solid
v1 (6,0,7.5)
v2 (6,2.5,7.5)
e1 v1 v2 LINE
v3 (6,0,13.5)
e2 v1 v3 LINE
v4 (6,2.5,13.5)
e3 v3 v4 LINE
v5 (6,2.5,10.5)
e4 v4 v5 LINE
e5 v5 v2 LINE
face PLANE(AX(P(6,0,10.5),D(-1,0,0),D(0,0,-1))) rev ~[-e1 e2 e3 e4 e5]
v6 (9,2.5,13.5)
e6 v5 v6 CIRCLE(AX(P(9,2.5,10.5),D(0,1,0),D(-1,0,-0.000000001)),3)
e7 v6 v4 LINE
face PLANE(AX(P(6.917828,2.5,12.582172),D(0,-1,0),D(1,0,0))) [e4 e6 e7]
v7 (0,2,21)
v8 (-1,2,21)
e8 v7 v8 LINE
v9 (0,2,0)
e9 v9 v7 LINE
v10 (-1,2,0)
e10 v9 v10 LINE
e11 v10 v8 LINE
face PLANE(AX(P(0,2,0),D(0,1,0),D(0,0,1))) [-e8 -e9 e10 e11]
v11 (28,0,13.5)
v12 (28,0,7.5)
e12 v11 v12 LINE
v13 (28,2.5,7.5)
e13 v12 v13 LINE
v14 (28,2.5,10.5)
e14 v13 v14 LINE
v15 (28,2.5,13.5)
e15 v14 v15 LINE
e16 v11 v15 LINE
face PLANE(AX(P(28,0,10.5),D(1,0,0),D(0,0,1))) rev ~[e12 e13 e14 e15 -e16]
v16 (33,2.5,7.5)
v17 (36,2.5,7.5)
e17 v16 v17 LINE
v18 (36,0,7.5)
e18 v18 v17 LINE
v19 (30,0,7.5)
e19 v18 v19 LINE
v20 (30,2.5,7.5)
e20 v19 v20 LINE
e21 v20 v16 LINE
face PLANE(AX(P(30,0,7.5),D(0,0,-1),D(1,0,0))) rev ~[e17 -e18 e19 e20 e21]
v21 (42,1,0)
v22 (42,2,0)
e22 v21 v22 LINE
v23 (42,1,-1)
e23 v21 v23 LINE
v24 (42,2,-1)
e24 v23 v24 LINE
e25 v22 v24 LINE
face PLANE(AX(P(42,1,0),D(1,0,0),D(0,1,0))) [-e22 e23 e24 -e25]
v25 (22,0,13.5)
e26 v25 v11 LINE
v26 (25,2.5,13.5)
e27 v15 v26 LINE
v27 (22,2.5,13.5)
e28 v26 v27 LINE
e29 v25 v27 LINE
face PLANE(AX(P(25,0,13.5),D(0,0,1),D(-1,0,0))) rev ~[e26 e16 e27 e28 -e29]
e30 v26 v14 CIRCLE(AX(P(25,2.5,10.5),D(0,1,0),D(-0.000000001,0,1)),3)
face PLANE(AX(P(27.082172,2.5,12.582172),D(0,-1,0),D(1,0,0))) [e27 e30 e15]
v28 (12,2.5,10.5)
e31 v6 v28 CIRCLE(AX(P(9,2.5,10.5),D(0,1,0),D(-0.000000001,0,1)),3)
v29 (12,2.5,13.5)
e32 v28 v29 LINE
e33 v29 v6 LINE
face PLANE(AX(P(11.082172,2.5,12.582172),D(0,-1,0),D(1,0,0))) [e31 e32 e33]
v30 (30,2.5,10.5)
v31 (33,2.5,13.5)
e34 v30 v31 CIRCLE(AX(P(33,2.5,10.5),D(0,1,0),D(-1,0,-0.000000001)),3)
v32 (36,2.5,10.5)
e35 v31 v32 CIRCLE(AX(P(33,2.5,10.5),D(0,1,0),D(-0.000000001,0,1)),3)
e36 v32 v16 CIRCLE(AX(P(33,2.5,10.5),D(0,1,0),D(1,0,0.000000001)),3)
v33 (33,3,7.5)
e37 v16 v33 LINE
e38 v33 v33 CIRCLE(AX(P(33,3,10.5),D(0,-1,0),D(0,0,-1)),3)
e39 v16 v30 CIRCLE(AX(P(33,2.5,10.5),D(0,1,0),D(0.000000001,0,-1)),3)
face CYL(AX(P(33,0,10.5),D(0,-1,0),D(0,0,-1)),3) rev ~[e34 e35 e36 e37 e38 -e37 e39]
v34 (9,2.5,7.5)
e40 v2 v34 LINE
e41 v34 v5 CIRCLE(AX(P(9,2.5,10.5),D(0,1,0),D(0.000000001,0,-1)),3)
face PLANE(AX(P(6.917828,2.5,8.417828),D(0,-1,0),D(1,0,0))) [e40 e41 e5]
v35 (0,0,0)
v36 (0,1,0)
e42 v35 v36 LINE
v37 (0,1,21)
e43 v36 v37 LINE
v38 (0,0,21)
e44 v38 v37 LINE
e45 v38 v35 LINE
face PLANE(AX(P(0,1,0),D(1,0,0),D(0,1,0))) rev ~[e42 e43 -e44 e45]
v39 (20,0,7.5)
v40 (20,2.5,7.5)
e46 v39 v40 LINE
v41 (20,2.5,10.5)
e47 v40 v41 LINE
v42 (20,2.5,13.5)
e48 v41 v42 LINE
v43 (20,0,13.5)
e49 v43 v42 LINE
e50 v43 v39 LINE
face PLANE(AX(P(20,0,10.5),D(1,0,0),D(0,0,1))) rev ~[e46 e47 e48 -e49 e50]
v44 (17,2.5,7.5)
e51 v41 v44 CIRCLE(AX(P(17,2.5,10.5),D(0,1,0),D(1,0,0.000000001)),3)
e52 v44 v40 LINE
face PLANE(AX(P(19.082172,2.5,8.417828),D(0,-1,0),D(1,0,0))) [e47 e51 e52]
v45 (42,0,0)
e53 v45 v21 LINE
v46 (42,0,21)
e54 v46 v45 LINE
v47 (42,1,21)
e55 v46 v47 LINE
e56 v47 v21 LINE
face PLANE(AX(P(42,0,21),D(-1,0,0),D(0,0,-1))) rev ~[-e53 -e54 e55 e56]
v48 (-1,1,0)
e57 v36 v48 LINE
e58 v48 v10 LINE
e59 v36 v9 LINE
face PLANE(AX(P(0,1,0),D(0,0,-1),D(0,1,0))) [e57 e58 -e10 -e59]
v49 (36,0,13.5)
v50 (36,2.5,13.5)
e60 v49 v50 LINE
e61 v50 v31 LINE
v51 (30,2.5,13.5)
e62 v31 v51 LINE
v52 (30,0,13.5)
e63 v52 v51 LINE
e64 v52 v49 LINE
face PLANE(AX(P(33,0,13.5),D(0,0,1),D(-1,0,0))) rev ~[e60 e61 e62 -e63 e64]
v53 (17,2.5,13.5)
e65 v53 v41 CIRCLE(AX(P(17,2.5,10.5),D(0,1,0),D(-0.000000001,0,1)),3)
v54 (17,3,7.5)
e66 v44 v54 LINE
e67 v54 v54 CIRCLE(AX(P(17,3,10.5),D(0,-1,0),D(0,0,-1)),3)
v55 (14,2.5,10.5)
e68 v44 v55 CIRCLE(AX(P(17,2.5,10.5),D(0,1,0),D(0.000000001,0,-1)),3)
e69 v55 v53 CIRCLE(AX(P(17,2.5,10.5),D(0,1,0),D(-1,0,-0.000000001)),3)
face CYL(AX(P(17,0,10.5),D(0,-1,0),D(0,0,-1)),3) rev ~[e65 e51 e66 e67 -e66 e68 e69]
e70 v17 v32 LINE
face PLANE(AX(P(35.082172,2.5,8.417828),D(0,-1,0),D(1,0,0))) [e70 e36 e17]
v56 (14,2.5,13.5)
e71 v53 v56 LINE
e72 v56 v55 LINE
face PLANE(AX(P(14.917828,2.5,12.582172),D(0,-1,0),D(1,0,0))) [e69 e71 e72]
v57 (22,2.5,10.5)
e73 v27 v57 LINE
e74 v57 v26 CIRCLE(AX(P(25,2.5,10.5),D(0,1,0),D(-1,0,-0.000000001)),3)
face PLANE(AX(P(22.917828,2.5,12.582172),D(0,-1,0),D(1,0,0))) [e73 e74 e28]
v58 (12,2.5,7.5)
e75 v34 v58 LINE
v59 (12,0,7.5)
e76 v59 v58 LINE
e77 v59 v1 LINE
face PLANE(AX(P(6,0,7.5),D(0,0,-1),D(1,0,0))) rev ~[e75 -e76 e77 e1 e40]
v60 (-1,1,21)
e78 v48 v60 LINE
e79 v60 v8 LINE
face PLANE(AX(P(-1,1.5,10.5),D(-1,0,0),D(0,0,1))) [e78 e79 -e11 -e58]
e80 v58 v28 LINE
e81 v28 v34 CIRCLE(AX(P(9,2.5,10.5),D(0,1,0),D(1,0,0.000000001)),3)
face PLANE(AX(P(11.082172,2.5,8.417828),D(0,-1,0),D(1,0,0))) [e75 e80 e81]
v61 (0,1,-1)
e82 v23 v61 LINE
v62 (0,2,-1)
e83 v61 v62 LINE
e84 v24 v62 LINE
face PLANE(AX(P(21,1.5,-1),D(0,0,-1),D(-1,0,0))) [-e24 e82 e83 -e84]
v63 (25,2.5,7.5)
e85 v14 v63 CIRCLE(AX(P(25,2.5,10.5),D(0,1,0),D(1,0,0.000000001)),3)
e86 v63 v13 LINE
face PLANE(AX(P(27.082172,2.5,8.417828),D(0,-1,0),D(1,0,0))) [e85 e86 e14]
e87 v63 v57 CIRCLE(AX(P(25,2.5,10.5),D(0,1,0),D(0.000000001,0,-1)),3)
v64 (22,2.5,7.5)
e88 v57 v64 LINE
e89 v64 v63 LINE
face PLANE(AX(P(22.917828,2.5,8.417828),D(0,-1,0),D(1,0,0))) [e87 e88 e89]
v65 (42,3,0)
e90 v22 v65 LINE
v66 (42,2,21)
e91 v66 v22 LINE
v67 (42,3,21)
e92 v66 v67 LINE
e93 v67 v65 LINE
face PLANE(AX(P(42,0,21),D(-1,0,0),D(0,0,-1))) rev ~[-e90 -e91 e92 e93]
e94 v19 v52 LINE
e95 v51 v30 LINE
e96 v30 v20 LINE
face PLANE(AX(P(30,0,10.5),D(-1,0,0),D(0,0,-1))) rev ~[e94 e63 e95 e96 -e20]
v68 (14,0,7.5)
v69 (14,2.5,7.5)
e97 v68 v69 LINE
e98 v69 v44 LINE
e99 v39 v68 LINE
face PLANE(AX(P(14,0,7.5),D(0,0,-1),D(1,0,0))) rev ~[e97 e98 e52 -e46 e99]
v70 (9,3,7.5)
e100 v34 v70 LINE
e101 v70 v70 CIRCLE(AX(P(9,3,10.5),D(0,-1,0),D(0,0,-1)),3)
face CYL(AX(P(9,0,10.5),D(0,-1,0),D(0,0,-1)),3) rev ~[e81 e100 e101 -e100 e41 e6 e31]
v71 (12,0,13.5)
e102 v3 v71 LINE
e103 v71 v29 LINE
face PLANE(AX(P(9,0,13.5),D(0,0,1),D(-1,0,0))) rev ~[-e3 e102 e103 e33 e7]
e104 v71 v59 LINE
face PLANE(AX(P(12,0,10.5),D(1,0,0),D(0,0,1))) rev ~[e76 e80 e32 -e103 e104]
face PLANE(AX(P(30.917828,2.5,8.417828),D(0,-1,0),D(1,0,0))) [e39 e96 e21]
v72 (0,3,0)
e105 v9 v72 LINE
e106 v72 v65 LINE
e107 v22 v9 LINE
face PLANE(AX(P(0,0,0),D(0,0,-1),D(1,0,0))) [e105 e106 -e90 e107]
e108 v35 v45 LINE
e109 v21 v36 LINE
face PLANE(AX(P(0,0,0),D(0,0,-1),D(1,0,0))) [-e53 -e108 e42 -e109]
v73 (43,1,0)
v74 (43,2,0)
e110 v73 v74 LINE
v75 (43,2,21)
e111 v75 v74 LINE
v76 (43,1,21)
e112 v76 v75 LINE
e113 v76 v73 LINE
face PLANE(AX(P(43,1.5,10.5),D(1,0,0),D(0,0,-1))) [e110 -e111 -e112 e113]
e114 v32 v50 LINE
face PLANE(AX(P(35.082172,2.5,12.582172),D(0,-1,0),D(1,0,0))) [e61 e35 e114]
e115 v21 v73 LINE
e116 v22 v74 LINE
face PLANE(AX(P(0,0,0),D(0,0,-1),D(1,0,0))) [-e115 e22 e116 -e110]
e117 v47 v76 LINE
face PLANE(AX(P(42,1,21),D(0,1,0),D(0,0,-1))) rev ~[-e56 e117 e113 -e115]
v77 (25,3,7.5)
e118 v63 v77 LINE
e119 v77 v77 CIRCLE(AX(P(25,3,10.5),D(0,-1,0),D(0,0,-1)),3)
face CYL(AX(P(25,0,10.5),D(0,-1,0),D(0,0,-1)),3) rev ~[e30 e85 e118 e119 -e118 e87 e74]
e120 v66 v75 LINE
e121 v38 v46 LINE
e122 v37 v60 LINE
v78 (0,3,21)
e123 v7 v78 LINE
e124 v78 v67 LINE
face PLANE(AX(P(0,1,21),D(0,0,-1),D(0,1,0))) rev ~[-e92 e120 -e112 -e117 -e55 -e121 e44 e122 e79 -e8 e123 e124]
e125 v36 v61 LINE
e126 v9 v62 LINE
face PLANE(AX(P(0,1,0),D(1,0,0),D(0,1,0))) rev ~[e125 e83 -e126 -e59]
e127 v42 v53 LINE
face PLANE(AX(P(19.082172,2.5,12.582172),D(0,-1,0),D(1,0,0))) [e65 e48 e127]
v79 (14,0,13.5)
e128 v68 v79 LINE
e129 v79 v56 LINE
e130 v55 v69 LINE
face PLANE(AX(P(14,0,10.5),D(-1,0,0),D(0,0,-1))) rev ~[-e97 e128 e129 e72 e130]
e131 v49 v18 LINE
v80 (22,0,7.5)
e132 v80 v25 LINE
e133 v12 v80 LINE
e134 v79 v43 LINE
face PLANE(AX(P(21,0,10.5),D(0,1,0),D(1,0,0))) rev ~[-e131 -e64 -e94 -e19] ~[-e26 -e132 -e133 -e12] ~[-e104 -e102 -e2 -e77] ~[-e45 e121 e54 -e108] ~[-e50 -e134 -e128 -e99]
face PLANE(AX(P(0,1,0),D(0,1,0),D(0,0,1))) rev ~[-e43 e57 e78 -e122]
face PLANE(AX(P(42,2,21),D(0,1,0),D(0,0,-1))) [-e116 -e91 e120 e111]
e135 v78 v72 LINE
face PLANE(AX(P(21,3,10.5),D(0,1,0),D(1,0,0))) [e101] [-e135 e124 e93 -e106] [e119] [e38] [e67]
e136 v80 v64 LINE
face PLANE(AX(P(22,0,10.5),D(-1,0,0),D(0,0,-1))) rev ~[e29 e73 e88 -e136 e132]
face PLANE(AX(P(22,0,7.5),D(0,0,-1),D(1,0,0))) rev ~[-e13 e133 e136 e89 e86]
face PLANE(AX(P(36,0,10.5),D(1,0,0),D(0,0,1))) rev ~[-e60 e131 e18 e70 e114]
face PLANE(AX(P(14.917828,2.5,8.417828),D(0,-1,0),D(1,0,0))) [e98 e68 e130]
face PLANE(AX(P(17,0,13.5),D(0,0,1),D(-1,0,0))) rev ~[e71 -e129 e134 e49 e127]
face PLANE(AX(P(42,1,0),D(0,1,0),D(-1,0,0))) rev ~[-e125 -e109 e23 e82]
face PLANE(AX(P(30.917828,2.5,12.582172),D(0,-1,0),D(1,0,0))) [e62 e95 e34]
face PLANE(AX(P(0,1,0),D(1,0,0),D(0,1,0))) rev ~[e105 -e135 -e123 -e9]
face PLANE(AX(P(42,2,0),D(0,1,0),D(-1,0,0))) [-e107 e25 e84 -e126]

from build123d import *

# Parameters (mm, degrees)
SKETCH_1_W          = 42
SKETCH_1_H          = 21
EXTRUDE_1_DEPTH     = 3
SKETCH_2_R          = 3
CUT_EXTRUDE_4_DEPTH = 3
CUT_EXTRUDE_6_DEPTH = 2.5
SKETCH_5_W          = 21
SKETCH_5_H          = 1
EXTRUDE_2_DEPTH     = 1
SKETCH_7_W          = 42
SKETCH_7_H          = 1
EXTRUDE_3_DEPTH     = 1
SKETCH_8_W          = 21
SKETCH_8_H          = 1
EXTRUDE_4_DEPTH     = 1


with BuildPart() as part:
    # Эскиз1 → Бобышка-Вытянуть1 (new body)
    with BuildSketch(Plane(origin=(0, 0, 0), x_dir=(1, 0, 0), z_dir=(0, 1, 0))):
        with Locations((21, -10.5)):
            Rectangle(SKETCH_1_W, SKETCH_1_H)
    extrude(amount=EXTRUDE_1_DEPTH)

    # Эскиз2 → Вырез-Вытянуть4 (cut)
    with BuildSketch(Plane.XZ):
        with Locations((17, 10.5)):
            Circle(SKETCH_2_R)
        with Locations((9, 10.5)):
            Circle(SKETCH_2_R)
        with Locations((25, 10.5)):
            Circle(SKETCH_2_R)
        with Locations((33, 10.5)):
            Circle(SKETCH_2_R)
    extrude(amount=-CUT_EXTRUDE_4_DEPTH, mode=Mode.SUBTRACT)

    # Эскиз2<5> → Вырез-Вытянуть6 (cut)
    with BuildSketch(Plane.XZ):
        with BuildLine():
            Line((17, 13.5), (14, 13.5))
            Line((14, 13.5), (14, 10.5))
            ThreePointArc((14, 10.5), (14.878679656, 12.621320344), (17, 13.5))
        make_face()
        with BuildLine():
            Line((20, 13.5), (17, 13.5))
            ThreePointArc((17, 13.5), (19.121320344, 12.621320344), (20, 10.5))
            Line((20, 10.5), (20, 13.5))
        make_face()
        with BuildLine():
            ThreePointArc((17, 7.5), (14.878679656, 8.378679656), (14, 10.5))
            Line((14, 10.5), (14, 7.5))
            Line((14, 7.5), (17, 7.5))
        make_face()
        with BuildLine():
            Line((20, 7.5), (20, 10.5))
            ThreePointArc((20, 10.5), (19.121320344, 8.378679656), (17, 7.5))
            Line((17, 7.5), (20, 7.5))
        make_face()
        with BuildLine():
            Line((9, 13.5), (6, 13.5))
            Line((6, 13.5), (6, 10.5))
            ThreePointArc((6, 10.5), (6.878679656, 12.621320344), (9, 13.5))
        make_face()
        with BuildLine():
            Line((12, 13.5), (9, 13.5))
            ThreePointArc((9, 13.5), (11.121320344, 12.621320344), (12, 10.5))
            Line((12, 10.5), (12, 13.5))
        make_face()
        with BuildLine():
            ThreePointArc((9, 7.5), (6.878679656, 8.378679656), (6, 10.5))
            Line((6, 10.5), (6, 7.5))
            Line((6, 7.5), (9, 7.5))
        make_face()
        with BuildLine():
            Line((12, 7.5), (12, 10.5))
            ThreePointArc((12, 10.5), (11.121320344, 8.378679656), (9, 7.5))
            Line((9, 7.5), (12, 7.5))
        make_face()
        with BuildLine():
            Line((25, 13.5), (22, 13.5))
            Line((22, 13.5), (22, 10.5))
            ThreePointArc((22, 10.5), (22.878679656, 12.621320344), (25, 13.5))
        make_face()
        with BuildLine():
            Line((28, 13.5), (25, 13.5))
            ThreePointArc((25, 13.5), (27.121320344, 12.621320344), (28, 10.5))
            Line((28, 10.5), (28, 13.5))
        make_face()
        with BuildLine():
            ThreePointArc((25, 7.5), (22.878679656, 8.378679656), (22, 10.5))
            Line((22, 10.5), (22, 7.5))
            Line((22, 7.5), (25, 7.5))
        make_face()
        with BuildLine():
            Line((28, 7.5), (28, 10.5))
            ThreePointArc((28, 10.5), (27.121320344, 8.378679656), (25, 7.5))
            Line((25, 7.5), (28, 7.5))
        make_face()
        with BuildLine():
            Line((33, 13.5), (30, 13.5))
            Line((30, 13.5), (30, 10.5))
            ThreePointArc((30, 10.5), (30.878679656, 12.621320344), (33, 13.5))
        make_face()
        with BuildLine():
            Line((36, 13.5), (33, 13.5))
            ThreePointArc((33, 13.5), (35.121320344, 12.621320344), (36, 10.5))
            Line((36, 10.5), (36, 13.5))
        make_face()
        with BuildLine():
            ThreePointArc((33, 7.5), (30.878679656, 8.378679656), (30, 10.5))
            Line((30, 10.5), (30, 7.5))
            Line((30, 7.5), (33, 7.5))
        make_face()
        with BuildLine():
            Line((36, 7.5), (36, 10.5))
            ThreePointArc((36, 10.5), (35.121320344, 8.378679656), (33, 7.5))
            Line((33, 7.5), (36, 7.5))
        make_face()
    extrude(amount=-CUT_EXTRUDE_6_DEPTH, mode=Mode.SUBTRACT)

    # Эскиз5 → Бобышка-Вытянуть2 (add)
    with BuildSketch(Plane(origin=(42, 0, 0), x_dir=(0, 0, -1), z_dir=(1, 0, 0))):
        with Locations((-10.5, 1.5)):
            Rectangle(SKETCH_5_W, SKETCH_5_H)
    extrude(amount=EXTRUDE_2_DEPTH)

    # Эскиз7 → Бобышка-Вытянуть3 (add)
    with BuildSketch(Plane(origin=(0, 0, 0), x_dir=(-1, 0, 0), z_dir=(0, 0, -1))):
        with Locations((-21, 1.5)):
            Rectangle(SKETCH_7_W, SKETCH_7_H)
    extrude(amount=EXTRUDE_3_DEPTH)

    # Эскиз8 → Бобышка-Вытянуть4 (add)
    with BuildSketch(Plane.ZY):
        with Locations((10.5, 1.5)):
            Rectangle(SKETCH_8_W, SKETCH_8_H)
    extrude(amount=EXTRUDE_4_DEPTH)


solid = part.part
